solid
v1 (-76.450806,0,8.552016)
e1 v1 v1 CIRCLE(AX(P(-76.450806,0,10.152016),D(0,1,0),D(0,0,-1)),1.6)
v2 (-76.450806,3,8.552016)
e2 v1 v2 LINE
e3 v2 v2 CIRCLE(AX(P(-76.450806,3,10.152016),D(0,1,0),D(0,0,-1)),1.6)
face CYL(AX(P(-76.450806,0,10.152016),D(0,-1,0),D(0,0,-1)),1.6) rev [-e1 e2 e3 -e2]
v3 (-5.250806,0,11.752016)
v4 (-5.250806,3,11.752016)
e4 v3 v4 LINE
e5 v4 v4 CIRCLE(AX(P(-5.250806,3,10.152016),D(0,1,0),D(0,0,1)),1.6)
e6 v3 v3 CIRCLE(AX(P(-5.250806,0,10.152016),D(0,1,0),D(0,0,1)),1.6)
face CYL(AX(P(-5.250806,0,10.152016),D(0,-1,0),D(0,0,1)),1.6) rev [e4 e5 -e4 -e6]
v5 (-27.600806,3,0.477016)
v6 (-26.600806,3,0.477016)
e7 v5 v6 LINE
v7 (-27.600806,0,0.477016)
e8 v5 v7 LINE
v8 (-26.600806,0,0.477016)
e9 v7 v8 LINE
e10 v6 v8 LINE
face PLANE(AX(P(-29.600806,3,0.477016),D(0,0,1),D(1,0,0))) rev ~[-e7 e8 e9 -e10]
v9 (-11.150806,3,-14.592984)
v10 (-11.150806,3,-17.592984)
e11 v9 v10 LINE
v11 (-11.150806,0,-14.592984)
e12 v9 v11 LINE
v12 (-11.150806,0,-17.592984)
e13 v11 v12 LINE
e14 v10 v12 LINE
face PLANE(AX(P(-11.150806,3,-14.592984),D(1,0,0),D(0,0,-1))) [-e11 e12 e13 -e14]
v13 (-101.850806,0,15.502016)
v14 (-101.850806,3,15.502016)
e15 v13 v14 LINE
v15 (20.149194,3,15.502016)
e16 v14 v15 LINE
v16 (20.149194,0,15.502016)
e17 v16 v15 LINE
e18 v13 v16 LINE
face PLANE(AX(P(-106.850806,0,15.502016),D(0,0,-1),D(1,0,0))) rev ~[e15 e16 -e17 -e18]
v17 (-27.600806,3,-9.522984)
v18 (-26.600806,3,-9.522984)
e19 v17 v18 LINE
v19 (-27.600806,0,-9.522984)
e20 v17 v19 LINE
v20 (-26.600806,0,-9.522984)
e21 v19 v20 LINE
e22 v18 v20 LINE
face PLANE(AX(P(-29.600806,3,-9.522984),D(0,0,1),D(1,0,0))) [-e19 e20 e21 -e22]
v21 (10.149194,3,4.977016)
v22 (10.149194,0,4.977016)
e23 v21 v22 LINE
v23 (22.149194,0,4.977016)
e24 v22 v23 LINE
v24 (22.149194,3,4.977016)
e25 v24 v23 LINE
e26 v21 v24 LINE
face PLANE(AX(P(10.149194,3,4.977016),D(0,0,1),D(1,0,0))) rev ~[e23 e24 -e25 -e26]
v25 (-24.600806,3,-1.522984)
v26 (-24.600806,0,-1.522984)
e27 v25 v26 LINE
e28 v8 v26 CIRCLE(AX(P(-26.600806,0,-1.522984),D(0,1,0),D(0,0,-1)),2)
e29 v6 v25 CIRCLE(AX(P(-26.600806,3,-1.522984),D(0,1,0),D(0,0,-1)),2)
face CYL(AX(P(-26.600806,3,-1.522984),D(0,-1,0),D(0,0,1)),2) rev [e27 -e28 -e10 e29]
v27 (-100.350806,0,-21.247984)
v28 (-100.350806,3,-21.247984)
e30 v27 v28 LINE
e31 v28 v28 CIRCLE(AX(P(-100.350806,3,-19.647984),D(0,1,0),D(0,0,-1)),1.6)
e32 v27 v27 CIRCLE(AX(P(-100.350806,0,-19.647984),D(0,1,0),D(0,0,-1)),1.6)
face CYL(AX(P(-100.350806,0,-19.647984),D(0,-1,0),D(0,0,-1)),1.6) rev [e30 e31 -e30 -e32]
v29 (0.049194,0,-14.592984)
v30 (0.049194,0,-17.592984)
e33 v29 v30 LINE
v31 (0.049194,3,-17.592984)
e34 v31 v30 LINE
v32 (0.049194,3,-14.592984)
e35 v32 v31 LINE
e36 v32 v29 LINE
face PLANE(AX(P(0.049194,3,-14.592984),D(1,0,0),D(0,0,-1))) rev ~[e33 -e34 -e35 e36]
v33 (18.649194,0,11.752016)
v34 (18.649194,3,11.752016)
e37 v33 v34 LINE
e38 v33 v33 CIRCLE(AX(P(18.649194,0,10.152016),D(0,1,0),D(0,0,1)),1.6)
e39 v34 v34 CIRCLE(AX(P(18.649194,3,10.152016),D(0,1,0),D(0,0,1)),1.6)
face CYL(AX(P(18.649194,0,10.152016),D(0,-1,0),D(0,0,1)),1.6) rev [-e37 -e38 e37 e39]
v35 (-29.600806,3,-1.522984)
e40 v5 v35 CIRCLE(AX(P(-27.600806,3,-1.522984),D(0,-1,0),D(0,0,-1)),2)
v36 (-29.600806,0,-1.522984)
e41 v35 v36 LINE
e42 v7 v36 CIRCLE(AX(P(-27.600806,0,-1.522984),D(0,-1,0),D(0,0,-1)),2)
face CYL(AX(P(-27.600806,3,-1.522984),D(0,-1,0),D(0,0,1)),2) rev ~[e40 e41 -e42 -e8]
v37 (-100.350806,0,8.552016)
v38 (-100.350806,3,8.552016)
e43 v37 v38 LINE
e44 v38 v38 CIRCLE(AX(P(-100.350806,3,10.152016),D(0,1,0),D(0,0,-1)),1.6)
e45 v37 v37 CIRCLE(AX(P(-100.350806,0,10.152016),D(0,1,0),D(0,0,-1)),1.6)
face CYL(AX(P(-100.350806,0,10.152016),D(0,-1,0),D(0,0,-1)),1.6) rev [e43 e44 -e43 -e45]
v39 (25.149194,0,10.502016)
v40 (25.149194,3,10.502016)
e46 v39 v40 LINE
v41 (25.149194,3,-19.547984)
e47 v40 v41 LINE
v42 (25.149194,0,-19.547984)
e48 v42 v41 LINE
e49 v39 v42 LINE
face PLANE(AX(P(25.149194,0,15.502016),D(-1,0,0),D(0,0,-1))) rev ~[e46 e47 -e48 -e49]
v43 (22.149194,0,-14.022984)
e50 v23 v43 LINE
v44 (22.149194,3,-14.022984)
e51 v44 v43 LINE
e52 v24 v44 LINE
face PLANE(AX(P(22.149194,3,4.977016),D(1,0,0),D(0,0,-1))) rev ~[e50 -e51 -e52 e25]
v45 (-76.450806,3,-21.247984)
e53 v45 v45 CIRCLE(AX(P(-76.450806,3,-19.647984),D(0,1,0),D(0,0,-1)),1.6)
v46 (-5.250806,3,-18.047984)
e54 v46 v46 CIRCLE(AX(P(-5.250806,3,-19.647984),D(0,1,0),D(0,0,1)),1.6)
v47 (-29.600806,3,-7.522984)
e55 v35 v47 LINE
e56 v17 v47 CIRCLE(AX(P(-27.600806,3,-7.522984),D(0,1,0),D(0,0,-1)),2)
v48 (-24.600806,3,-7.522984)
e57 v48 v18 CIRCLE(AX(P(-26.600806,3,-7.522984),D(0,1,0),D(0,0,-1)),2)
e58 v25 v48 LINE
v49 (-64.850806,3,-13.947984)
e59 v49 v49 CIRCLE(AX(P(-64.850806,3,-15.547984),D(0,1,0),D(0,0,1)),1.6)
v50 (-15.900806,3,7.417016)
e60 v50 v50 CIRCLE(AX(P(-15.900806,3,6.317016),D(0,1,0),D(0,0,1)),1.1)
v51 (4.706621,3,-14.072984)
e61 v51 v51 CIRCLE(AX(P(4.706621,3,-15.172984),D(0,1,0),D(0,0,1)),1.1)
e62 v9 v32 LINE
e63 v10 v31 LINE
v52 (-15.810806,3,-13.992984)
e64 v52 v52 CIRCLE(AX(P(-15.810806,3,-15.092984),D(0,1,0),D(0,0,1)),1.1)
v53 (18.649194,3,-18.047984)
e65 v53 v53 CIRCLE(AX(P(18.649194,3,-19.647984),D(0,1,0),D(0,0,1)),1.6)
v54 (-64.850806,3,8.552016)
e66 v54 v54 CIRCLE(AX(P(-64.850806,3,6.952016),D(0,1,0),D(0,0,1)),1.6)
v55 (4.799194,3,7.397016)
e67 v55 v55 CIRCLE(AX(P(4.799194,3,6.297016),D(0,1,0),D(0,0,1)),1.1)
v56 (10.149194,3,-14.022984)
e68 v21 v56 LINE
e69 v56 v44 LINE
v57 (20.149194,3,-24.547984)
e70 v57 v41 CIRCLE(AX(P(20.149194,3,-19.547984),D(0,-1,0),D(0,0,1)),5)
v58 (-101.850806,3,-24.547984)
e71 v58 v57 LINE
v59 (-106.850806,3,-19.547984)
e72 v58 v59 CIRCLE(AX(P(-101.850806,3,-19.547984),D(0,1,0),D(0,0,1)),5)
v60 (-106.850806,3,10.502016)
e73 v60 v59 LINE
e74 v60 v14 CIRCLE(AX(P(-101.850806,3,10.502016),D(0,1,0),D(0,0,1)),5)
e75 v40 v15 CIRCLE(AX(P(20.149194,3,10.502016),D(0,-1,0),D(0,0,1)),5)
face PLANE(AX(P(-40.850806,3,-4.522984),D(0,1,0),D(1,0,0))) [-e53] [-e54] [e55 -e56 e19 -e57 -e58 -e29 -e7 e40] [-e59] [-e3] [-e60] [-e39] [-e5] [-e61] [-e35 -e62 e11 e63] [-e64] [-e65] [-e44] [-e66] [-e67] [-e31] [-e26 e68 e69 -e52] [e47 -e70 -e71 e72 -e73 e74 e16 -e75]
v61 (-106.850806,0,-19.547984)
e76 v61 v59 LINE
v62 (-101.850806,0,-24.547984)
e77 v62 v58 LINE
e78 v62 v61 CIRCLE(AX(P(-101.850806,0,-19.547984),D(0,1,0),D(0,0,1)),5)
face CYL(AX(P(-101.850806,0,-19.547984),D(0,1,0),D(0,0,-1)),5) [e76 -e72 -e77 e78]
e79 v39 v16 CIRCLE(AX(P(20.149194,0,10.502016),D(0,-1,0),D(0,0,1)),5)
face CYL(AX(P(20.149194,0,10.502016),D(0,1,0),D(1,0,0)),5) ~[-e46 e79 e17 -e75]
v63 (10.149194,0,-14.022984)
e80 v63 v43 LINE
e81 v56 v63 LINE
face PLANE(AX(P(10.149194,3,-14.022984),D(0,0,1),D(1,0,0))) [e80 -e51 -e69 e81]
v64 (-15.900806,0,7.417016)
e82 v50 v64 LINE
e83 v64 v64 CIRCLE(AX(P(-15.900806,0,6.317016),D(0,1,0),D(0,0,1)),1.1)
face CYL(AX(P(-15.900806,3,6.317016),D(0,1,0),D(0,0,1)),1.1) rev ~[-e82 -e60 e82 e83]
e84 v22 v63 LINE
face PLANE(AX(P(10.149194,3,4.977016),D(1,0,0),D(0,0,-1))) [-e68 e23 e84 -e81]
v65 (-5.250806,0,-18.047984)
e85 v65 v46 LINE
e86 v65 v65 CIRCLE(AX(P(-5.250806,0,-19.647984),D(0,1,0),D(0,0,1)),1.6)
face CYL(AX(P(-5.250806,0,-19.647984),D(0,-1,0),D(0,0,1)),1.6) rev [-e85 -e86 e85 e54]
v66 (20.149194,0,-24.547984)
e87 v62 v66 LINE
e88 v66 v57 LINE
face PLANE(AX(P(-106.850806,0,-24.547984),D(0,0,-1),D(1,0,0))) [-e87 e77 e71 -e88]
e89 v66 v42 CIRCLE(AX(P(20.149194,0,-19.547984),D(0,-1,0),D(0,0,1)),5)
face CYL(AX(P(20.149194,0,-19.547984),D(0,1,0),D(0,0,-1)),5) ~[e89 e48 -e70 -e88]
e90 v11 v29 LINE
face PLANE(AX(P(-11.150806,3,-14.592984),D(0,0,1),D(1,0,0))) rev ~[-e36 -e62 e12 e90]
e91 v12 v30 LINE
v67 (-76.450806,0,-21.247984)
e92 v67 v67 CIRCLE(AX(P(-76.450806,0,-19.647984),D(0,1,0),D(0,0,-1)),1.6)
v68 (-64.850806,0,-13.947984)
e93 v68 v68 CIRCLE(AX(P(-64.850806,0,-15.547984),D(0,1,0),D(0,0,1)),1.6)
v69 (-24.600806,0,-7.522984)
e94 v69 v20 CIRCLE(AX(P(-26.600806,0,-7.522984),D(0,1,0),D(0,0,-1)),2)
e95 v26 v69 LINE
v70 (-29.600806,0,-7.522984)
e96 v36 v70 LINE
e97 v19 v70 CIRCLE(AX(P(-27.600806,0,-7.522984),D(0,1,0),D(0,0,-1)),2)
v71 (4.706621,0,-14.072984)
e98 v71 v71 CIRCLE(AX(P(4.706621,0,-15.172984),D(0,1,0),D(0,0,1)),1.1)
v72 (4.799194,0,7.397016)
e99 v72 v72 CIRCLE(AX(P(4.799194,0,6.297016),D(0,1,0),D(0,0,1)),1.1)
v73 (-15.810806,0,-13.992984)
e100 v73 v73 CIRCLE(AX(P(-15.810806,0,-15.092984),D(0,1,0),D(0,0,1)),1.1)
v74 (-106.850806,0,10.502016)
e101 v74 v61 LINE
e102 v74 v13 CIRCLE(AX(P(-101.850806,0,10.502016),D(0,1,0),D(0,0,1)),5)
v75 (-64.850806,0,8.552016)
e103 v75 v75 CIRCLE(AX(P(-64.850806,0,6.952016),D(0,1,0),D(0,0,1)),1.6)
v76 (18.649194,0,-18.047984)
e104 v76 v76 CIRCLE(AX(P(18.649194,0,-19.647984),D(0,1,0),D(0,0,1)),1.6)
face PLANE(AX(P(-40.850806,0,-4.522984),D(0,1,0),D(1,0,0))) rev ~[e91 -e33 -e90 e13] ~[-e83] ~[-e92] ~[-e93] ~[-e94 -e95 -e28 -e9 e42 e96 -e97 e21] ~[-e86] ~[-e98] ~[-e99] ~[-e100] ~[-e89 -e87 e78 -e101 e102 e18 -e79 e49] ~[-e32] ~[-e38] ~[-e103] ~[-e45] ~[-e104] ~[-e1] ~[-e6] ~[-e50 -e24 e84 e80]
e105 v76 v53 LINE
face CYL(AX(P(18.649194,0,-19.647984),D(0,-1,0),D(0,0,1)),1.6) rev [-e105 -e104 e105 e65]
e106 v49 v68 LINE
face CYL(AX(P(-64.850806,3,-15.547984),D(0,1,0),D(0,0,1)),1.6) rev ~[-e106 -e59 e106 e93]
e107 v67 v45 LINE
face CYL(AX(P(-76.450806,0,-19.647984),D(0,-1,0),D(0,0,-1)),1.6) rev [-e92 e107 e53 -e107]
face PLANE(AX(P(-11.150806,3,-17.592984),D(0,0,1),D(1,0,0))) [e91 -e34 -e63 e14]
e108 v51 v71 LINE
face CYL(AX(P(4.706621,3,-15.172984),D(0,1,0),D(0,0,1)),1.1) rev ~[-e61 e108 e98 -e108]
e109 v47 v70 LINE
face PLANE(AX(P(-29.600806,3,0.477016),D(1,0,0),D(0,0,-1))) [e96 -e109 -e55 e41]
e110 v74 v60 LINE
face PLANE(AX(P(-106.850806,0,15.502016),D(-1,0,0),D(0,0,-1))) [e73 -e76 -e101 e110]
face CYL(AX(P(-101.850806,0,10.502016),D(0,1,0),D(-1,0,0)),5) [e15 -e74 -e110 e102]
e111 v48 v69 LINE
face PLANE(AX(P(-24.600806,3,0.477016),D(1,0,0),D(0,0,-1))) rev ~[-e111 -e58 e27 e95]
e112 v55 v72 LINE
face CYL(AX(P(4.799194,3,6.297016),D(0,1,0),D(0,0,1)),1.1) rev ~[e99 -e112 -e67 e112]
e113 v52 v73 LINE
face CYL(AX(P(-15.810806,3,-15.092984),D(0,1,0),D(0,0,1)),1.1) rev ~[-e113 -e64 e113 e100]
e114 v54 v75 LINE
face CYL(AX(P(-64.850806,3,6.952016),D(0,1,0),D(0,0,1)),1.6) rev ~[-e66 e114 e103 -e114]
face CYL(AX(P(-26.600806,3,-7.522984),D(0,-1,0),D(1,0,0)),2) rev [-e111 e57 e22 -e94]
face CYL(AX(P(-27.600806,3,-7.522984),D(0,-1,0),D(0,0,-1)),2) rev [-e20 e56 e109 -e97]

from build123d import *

# Parameters (mm, degrees)
SKETCH_1_W          = 132
SKETCH_1_H          = 40.05
SKETCH_1_R          = 1.6
EXTRUDE_1_DEPTH     = 3
FILLET_1_R          = 5
FILLET_2_R          = 5
SKETCH_4_R          = 1.1
SKETCH_4_W          = 12
SKETCH_4_H          = 19
SKETCH_4_W_2        = 11.2
SKETCH_4_H_2        = 3
CUT_EXTRUDE_1_DEPTH = 10
SKETCH_5_R          = 1.6
SKETCH_5_W          = 5
SKETCH_5_H          = 10
CUT_EXTRUDE_2_DEPTH = 10
FILLET_3_R          = 2


with BuildPart() as part:
    # 草图1 → 凸台-拉伸1 (new body)
    with BuildSketch(Plane(origin=(0, 0, 0), x_dir=(1, 0, 0), z_dir=(0, 1, 0))):
        with Locations((-40.850806452, 4.522983871)):
            Rectangle(SKETCH_1_W, SKETCH_1_H)
        with Locations(Location((18.649193548, 19.647983871, 0), (0, 0, 270))):
            Circle(SKETCH_1_R, mode=Mode.SUBTRACT)
        with Locations(Location((18.649193548, -10.152016129, 0), (0, 0, 270))):
            Circle(SKETCH_1_R, mode=Mode.SUBTRACT)
        with Locations(Location((-5.250806452, 19.647983871, 0), (0, 0, 270))):
            Circle(SKETCH_1_R, mode=Mode.SUBTRACT)
        with Locations(Location((-5.250806452, -10.152016129, 0), (0, 0, 270))):
            Circle(SKETCH_1_R, mode=Mode.SUBTRACT)
        with Locations(Location((-100.350806452, -10.152016129, 0), (0, 0, 90))):
            Circle(SKETCH_1_R, mode=Mode.SUBTRACT)
        with Locations(Location((-76.450806452, -10.152016129, 0), (0, 0, 90))):
            Circle(SKETCH_1_R, mode=Mode.SUBTRACT)
        with Locations(Location((-100.350806452, 19.647983871, 0), (0, 0, 90))):
            Circle(SKETCH_1_R, mode=Mode.SUBTRACT)
        with Locations(Location((-76.450806452, 19.647983871, 0), (0, 0, 90))):
            Circle(SKETCH_1_R, mode=Mode.SUBTRACT)
    extrude(amount=EXTRUDE_1_DEPTH)

    # 圆角1
    fillet_1_edges = [part.edges().sort_by_distance(p)[0] for p in [
        (25.149193548, 1.5, -24.547983871),
    ]]
    fillet(fillet_1_edges, radius=FILLET_1_R)

    # 圆角2
    fillet_2_edges = [part.edges().sort_by_distance(p)[0] for p in [
        (25.149193548, 1.5, 15.502016129),
        (-106.850806452, 1.5, 15.502016129),
        (-106.850806452, 1.5, -24.547983871),
    ]]
    fillet(fillet_2_edges, radius=FILLET_2_R)

    # 草图4 → 切除-拉伸1 (cut)
    with BuildSketch(Plane(origin=(0, 3, 0), x_dir=(1, 0, 0), z_dir=(0, 1, 0))):
        with Locations(Location((4.70662119, 15.172983871, 0), (0, 0, 270))):
            Circle(SKETCH_4_R)
        with Locations(Location((4.799193548, -6.297016129, 0), (0, 0, 270))):
            Circle(SKETCH_4_R)
        with Locations(Location((-15.810806452, 15.092983871, 0), (0, 0, 270))):
            Circle(SKETCH_4_R)
        with Locations(Location((-15.900806452, -6.317016129, 0), (0, 0, 270))):
            Circle(SKETCH_4_R)
        with Locations((16.149193548, 4.522983871)):
            Rectangle(SKETCH_4_W, SKETCH_4_H)
        with Locations((-5.550806452, 16.092983871)):
            Rectangle(SKETCH_4_W_2, SKETCH_4_H_2)
    extrude(amount=-CUT_EXTRUDE_1_DEPTH, mode=Mode.SUBTRACT)

    # 草图5 → 切除-拉伸2 (cut)
    with BuildSketch(Plane(origin=(0, 3, 0), x_dir=(1, 0, 0), z_dir=(0, 1, 0))):
        with Locations(Location((-64.850806452, 15.547983871, 0), (0, 0, 270))):
            Circle(SKETCH_5_R)
        with Locations(Location((-64.850806452, -6.952016129, 0), (0, 0, 270))):
            Circle(SKETCH_5_R)
        with Locations((-27.100806452, 4.522983871)):
            Rectangle(SKETCH_5_W, SKETCH_5_H)
    extrude(amount=-CUT_EXTRUDE_2_DEPTH, mode=Mode.SUBTRACT)

    # 圆角3
    fillet_3_edges = [part.edges().sort_by_distance(p)[0] for p in [
        (-24.600806452, 1.5, 0.477016129),
        (-29.600806452, 1.5, 0.477016129),
        (-29.600806452, 1.5, -9.522983871),
        (-24.600806452, 1.5, -9.522983871),
    ]]
    fillet(fillet_3_edges, radius=FILLET_3_R)


solid = part.part
